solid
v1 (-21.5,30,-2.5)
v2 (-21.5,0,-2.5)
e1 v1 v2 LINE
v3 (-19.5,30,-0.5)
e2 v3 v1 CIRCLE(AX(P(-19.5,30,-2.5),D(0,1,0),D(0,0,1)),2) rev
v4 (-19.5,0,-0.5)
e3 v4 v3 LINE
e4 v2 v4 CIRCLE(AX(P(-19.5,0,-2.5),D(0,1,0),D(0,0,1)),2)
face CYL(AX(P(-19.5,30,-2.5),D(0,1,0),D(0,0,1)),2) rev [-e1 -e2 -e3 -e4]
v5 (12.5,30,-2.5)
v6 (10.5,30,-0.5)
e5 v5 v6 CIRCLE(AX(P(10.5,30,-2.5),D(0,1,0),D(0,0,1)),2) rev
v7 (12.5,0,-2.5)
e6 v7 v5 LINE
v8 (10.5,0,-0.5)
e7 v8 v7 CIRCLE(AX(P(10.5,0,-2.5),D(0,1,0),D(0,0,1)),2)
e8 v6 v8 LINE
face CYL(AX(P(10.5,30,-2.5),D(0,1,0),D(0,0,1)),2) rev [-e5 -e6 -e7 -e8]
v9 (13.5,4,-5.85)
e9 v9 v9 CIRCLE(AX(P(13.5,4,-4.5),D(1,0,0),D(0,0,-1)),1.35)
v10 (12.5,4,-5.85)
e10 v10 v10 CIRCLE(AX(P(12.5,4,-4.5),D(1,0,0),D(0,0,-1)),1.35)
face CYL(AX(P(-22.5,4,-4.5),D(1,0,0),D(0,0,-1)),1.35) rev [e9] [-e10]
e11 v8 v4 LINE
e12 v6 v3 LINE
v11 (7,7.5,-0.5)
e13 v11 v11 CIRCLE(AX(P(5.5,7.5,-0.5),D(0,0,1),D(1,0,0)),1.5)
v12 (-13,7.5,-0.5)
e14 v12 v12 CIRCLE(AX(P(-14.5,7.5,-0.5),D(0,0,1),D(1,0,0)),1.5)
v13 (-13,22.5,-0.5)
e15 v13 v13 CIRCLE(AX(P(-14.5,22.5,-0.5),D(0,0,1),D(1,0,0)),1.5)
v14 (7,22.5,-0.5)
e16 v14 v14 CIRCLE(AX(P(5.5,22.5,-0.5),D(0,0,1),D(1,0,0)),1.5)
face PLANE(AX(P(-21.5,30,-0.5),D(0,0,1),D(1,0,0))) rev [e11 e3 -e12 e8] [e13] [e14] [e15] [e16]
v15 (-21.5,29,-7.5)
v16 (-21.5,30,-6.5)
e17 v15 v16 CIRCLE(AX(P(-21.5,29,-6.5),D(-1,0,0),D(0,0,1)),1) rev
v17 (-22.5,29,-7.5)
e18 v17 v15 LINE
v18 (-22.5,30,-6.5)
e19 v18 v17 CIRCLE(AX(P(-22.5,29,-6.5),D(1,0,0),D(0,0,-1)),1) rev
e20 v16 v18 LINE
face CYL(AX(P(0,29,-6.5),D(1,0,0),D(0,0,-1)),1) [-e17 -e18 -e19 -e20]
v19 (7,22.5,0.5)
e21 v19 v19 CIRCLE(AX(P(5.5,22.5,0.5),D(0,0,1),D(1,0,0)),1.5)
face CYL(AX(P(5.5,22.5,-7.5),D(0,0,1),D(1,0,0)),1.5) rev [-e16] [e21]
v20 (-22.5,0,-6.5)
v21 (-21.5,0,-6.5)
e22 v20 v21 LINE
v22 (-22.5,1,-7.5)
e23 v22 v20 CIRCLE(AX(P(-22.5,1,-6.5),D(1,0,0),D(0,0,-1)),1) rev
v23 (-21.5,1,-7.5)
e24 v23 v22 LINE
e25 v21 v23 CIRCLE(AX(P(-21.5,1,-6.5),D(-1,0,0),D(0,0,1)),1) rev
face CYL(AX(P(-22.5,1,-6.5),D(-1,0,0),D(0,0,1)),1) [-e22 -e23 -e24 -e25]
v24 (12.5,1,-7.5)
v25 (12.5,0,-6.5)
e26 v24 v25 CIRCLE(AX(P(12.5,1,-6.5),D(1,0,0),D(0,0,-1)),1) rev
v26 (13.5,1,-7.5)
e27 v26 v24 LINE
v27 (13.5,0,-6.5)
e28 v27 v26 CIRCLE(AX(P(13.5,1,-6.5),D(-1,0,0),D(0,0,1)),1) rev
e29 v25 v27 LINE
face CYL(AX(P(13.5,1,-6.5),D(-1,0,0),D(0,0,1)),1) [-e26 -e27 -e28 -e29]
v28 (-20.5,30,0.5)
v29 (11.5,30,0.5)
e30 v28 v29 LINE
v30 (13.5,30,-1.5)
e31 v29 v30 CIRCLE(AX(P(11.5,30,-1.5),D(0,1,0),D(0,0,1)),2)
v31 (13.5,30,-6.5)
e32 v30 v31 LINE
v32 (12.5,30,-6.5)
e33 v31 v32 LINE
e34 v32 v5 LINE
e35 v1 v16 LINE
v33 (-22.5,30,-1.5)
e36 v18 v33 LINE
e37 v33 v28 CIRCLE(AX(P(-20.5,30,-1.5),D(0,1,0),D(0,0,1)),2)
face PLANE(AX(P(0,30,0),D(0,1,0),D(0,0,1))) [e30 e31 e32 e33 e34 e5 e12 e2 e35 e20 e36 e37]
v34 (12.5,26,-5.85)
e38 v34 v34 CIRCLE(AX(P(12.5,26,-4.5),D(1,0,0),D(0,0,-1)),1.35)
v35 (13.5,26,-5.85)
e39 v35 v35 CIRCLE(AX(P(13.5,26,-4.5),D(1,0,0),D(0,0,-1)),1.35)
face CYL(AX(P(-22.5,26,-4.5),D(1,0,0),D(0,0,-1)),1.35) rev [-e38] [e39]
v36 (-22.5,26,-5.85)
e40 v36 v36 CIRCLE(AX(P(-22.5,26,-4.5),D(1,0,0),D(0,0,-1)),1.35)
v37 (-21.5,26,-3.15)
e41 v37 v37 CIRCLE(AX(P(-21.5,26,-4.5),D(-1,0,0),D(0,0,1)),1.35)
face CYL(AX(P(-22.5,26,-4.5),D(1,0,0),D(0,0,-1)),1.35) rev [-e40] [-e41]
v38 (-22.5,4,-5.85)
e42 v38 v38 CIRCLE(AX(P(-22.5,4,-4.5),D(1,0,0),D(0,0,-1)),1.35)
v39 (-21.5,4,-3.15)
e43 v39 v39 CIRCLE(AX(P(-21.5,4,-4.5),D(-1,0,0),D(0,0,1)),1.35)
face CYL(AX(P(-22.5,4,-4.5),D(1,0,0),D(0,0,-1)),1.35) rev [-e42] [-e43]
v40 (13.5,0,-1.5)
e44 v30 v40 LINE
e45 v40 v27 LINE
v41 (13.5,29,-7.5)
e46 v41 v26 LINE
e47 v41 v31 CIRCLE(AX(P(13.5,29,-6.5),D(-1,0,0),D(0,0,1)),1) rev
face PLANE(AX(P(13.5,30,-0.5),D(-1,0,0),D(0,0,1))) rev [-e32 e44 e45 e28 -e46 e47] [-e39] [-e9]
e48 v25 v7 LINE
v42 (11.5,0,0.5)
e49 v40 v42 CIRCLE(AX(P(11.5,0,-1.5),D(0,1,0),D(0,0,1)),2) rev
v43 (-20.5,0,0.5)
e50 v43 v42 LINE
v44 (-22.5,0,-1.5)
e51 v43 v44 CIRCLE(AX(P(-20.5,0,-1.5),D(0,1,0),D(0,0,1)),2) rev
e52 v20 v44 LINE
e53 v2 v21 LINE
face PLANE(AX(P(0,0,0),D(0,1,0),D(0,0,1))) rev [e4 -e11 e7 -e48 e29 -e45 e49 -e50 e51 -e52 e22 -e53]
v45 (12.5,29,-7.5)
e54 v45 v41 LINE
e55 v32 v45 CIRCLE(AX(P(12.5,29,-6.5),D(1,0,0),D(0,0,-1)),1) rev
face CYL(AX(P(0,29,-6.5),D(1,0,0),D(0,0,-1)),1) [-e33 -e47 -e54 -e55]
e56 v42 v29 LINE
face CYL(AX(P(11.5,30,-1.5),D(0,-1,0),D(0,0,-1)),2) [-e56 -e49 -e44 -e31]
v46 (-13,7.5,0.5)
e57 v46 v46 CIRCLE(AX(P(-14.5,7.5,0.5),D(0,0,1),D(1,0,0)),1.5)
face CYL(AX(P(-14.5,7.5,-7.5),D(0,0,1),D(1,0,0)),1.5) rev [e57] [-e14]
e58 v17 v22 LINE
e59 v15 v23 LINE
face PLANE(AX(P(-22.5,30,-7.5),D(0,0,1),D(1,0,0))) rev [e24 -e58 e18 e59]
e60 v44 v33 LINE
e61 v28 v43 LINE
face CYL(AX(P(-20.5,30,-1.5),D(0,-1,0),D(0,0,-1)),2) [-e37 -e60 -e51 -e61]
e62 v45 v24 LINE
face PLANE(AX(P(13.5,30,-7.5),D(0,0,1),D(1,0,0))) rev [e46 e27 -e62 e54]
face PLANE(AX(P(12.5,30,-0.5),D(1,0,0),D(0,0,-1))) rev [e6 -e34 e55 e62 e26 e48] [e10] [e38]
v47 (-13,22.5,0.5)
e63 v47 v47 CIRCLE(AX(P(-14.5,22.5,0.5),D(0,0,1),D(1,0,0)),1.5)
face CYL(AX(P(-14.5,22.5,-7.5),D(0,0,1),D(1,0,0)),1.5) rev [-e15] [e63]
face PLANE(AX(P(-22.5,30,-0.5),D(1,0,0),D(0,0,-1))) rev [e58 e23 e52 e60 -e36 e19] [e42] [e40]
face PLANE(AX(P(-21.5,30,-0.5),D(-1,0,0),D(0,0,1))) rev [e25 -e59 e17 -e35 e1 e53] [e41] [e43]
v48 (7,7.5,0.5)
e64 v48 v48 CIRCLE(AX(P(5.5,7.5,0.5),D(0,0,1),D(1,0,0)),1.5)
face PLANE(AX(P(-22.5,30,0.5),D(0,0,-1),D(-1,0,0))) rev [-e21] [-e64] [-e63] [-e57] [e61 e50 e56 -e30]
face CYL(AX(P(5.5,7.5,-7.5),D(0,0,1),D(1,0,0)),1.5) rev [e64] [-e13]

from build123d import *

# Parameters (mm, degrees)
BOSS_EXTRUDE1_DEPTH = 30
FILLET2_R           = 2
SKETCH3_R           = 1.5
CUT_EXTRUDE4_DEPTH  = 9
SKETCH4_R           = 1.35
CUT_EXTRUDE3_DEPTH  = 37
FILLET3_R           = 1


with BuildPart() as part:
    # Sketch1 → Boss-Extrude1 (new body)
    with BuildSketch(Plane(origin=(0, 0, 0), x_dir=(1, 0, 0), z_dir=(0, 1, 0))):
        Polygon((-21.5, 0.5), (12.5, 0.5), (12.5, 7.5), (13.5, 7.5), (13.5, 0.5), (13.5, -0.5), (-22.5, -0.5), (-22.5, 0.5), (-22.5, 7.5), (-21.5, 7.5), align=None)
    extrude(amount=BOSS_EXTRUDE1_DEPTH)

    # Fillet2
    fillet2_edges = [part.edges().sort_by_distance(p)[0] for p in [
        (13.5, 15, 0.5),
        (-22.5, 15, 0.5),
        (-21.5, 15, -0.5),
        (12.5, 15, -0.5),
    ]]
    fillet(fillet2_edges, radius=FILLET2_R)

    # Sketch3 → Cut-Extrude4 (cut, through all)
    with BuildSketch(Plane.XY.offset(0.5)):
        with Locations((-14.5, 22.5)):
            Circle(SKETCH3_R)
        with Locations((5.5, 22.5)):
            Circle(SKETCH3_R)
        with Locations((-14.5, 7.5)):
            Circle(SKETCH3_R)
        with Locations((5.5, 7.5)):
            Circle(SKETCH3_R)
    extrude(amount=-CUT_EXTRUDE4_DEPTH, mode=Mode.SUBTRACT)

    # Sketch4 → Cut-Extrude3 (cut, through all)
    with BuildSketch(Plane(origin=(13.5, 0, 0), x_dir=(0, 0, -1), z_dir=(1, 0, 0))):
        with Locations((4.5, 26)):
            Circle(SKETCH4_R)
        with Locations((4.5, 4)):
            Circle(SKETCH4_R)
    extrude(amount=-CUT_EXTRUDE3_DEPTH, mode=Mode.SUBTRACT)

    # Fillet3
    fillet3_edges = [part.edges().sort_by_distance(p)[0] for p in [
        (13, 30, -7.5),
        (-22, 0, -7.5),
        (13, 0, -7.5),
        (-22, 30, -7.5),
    ]]
    fillet(fillet3_edges, radius=FILLET3_R)


solid = part.part
